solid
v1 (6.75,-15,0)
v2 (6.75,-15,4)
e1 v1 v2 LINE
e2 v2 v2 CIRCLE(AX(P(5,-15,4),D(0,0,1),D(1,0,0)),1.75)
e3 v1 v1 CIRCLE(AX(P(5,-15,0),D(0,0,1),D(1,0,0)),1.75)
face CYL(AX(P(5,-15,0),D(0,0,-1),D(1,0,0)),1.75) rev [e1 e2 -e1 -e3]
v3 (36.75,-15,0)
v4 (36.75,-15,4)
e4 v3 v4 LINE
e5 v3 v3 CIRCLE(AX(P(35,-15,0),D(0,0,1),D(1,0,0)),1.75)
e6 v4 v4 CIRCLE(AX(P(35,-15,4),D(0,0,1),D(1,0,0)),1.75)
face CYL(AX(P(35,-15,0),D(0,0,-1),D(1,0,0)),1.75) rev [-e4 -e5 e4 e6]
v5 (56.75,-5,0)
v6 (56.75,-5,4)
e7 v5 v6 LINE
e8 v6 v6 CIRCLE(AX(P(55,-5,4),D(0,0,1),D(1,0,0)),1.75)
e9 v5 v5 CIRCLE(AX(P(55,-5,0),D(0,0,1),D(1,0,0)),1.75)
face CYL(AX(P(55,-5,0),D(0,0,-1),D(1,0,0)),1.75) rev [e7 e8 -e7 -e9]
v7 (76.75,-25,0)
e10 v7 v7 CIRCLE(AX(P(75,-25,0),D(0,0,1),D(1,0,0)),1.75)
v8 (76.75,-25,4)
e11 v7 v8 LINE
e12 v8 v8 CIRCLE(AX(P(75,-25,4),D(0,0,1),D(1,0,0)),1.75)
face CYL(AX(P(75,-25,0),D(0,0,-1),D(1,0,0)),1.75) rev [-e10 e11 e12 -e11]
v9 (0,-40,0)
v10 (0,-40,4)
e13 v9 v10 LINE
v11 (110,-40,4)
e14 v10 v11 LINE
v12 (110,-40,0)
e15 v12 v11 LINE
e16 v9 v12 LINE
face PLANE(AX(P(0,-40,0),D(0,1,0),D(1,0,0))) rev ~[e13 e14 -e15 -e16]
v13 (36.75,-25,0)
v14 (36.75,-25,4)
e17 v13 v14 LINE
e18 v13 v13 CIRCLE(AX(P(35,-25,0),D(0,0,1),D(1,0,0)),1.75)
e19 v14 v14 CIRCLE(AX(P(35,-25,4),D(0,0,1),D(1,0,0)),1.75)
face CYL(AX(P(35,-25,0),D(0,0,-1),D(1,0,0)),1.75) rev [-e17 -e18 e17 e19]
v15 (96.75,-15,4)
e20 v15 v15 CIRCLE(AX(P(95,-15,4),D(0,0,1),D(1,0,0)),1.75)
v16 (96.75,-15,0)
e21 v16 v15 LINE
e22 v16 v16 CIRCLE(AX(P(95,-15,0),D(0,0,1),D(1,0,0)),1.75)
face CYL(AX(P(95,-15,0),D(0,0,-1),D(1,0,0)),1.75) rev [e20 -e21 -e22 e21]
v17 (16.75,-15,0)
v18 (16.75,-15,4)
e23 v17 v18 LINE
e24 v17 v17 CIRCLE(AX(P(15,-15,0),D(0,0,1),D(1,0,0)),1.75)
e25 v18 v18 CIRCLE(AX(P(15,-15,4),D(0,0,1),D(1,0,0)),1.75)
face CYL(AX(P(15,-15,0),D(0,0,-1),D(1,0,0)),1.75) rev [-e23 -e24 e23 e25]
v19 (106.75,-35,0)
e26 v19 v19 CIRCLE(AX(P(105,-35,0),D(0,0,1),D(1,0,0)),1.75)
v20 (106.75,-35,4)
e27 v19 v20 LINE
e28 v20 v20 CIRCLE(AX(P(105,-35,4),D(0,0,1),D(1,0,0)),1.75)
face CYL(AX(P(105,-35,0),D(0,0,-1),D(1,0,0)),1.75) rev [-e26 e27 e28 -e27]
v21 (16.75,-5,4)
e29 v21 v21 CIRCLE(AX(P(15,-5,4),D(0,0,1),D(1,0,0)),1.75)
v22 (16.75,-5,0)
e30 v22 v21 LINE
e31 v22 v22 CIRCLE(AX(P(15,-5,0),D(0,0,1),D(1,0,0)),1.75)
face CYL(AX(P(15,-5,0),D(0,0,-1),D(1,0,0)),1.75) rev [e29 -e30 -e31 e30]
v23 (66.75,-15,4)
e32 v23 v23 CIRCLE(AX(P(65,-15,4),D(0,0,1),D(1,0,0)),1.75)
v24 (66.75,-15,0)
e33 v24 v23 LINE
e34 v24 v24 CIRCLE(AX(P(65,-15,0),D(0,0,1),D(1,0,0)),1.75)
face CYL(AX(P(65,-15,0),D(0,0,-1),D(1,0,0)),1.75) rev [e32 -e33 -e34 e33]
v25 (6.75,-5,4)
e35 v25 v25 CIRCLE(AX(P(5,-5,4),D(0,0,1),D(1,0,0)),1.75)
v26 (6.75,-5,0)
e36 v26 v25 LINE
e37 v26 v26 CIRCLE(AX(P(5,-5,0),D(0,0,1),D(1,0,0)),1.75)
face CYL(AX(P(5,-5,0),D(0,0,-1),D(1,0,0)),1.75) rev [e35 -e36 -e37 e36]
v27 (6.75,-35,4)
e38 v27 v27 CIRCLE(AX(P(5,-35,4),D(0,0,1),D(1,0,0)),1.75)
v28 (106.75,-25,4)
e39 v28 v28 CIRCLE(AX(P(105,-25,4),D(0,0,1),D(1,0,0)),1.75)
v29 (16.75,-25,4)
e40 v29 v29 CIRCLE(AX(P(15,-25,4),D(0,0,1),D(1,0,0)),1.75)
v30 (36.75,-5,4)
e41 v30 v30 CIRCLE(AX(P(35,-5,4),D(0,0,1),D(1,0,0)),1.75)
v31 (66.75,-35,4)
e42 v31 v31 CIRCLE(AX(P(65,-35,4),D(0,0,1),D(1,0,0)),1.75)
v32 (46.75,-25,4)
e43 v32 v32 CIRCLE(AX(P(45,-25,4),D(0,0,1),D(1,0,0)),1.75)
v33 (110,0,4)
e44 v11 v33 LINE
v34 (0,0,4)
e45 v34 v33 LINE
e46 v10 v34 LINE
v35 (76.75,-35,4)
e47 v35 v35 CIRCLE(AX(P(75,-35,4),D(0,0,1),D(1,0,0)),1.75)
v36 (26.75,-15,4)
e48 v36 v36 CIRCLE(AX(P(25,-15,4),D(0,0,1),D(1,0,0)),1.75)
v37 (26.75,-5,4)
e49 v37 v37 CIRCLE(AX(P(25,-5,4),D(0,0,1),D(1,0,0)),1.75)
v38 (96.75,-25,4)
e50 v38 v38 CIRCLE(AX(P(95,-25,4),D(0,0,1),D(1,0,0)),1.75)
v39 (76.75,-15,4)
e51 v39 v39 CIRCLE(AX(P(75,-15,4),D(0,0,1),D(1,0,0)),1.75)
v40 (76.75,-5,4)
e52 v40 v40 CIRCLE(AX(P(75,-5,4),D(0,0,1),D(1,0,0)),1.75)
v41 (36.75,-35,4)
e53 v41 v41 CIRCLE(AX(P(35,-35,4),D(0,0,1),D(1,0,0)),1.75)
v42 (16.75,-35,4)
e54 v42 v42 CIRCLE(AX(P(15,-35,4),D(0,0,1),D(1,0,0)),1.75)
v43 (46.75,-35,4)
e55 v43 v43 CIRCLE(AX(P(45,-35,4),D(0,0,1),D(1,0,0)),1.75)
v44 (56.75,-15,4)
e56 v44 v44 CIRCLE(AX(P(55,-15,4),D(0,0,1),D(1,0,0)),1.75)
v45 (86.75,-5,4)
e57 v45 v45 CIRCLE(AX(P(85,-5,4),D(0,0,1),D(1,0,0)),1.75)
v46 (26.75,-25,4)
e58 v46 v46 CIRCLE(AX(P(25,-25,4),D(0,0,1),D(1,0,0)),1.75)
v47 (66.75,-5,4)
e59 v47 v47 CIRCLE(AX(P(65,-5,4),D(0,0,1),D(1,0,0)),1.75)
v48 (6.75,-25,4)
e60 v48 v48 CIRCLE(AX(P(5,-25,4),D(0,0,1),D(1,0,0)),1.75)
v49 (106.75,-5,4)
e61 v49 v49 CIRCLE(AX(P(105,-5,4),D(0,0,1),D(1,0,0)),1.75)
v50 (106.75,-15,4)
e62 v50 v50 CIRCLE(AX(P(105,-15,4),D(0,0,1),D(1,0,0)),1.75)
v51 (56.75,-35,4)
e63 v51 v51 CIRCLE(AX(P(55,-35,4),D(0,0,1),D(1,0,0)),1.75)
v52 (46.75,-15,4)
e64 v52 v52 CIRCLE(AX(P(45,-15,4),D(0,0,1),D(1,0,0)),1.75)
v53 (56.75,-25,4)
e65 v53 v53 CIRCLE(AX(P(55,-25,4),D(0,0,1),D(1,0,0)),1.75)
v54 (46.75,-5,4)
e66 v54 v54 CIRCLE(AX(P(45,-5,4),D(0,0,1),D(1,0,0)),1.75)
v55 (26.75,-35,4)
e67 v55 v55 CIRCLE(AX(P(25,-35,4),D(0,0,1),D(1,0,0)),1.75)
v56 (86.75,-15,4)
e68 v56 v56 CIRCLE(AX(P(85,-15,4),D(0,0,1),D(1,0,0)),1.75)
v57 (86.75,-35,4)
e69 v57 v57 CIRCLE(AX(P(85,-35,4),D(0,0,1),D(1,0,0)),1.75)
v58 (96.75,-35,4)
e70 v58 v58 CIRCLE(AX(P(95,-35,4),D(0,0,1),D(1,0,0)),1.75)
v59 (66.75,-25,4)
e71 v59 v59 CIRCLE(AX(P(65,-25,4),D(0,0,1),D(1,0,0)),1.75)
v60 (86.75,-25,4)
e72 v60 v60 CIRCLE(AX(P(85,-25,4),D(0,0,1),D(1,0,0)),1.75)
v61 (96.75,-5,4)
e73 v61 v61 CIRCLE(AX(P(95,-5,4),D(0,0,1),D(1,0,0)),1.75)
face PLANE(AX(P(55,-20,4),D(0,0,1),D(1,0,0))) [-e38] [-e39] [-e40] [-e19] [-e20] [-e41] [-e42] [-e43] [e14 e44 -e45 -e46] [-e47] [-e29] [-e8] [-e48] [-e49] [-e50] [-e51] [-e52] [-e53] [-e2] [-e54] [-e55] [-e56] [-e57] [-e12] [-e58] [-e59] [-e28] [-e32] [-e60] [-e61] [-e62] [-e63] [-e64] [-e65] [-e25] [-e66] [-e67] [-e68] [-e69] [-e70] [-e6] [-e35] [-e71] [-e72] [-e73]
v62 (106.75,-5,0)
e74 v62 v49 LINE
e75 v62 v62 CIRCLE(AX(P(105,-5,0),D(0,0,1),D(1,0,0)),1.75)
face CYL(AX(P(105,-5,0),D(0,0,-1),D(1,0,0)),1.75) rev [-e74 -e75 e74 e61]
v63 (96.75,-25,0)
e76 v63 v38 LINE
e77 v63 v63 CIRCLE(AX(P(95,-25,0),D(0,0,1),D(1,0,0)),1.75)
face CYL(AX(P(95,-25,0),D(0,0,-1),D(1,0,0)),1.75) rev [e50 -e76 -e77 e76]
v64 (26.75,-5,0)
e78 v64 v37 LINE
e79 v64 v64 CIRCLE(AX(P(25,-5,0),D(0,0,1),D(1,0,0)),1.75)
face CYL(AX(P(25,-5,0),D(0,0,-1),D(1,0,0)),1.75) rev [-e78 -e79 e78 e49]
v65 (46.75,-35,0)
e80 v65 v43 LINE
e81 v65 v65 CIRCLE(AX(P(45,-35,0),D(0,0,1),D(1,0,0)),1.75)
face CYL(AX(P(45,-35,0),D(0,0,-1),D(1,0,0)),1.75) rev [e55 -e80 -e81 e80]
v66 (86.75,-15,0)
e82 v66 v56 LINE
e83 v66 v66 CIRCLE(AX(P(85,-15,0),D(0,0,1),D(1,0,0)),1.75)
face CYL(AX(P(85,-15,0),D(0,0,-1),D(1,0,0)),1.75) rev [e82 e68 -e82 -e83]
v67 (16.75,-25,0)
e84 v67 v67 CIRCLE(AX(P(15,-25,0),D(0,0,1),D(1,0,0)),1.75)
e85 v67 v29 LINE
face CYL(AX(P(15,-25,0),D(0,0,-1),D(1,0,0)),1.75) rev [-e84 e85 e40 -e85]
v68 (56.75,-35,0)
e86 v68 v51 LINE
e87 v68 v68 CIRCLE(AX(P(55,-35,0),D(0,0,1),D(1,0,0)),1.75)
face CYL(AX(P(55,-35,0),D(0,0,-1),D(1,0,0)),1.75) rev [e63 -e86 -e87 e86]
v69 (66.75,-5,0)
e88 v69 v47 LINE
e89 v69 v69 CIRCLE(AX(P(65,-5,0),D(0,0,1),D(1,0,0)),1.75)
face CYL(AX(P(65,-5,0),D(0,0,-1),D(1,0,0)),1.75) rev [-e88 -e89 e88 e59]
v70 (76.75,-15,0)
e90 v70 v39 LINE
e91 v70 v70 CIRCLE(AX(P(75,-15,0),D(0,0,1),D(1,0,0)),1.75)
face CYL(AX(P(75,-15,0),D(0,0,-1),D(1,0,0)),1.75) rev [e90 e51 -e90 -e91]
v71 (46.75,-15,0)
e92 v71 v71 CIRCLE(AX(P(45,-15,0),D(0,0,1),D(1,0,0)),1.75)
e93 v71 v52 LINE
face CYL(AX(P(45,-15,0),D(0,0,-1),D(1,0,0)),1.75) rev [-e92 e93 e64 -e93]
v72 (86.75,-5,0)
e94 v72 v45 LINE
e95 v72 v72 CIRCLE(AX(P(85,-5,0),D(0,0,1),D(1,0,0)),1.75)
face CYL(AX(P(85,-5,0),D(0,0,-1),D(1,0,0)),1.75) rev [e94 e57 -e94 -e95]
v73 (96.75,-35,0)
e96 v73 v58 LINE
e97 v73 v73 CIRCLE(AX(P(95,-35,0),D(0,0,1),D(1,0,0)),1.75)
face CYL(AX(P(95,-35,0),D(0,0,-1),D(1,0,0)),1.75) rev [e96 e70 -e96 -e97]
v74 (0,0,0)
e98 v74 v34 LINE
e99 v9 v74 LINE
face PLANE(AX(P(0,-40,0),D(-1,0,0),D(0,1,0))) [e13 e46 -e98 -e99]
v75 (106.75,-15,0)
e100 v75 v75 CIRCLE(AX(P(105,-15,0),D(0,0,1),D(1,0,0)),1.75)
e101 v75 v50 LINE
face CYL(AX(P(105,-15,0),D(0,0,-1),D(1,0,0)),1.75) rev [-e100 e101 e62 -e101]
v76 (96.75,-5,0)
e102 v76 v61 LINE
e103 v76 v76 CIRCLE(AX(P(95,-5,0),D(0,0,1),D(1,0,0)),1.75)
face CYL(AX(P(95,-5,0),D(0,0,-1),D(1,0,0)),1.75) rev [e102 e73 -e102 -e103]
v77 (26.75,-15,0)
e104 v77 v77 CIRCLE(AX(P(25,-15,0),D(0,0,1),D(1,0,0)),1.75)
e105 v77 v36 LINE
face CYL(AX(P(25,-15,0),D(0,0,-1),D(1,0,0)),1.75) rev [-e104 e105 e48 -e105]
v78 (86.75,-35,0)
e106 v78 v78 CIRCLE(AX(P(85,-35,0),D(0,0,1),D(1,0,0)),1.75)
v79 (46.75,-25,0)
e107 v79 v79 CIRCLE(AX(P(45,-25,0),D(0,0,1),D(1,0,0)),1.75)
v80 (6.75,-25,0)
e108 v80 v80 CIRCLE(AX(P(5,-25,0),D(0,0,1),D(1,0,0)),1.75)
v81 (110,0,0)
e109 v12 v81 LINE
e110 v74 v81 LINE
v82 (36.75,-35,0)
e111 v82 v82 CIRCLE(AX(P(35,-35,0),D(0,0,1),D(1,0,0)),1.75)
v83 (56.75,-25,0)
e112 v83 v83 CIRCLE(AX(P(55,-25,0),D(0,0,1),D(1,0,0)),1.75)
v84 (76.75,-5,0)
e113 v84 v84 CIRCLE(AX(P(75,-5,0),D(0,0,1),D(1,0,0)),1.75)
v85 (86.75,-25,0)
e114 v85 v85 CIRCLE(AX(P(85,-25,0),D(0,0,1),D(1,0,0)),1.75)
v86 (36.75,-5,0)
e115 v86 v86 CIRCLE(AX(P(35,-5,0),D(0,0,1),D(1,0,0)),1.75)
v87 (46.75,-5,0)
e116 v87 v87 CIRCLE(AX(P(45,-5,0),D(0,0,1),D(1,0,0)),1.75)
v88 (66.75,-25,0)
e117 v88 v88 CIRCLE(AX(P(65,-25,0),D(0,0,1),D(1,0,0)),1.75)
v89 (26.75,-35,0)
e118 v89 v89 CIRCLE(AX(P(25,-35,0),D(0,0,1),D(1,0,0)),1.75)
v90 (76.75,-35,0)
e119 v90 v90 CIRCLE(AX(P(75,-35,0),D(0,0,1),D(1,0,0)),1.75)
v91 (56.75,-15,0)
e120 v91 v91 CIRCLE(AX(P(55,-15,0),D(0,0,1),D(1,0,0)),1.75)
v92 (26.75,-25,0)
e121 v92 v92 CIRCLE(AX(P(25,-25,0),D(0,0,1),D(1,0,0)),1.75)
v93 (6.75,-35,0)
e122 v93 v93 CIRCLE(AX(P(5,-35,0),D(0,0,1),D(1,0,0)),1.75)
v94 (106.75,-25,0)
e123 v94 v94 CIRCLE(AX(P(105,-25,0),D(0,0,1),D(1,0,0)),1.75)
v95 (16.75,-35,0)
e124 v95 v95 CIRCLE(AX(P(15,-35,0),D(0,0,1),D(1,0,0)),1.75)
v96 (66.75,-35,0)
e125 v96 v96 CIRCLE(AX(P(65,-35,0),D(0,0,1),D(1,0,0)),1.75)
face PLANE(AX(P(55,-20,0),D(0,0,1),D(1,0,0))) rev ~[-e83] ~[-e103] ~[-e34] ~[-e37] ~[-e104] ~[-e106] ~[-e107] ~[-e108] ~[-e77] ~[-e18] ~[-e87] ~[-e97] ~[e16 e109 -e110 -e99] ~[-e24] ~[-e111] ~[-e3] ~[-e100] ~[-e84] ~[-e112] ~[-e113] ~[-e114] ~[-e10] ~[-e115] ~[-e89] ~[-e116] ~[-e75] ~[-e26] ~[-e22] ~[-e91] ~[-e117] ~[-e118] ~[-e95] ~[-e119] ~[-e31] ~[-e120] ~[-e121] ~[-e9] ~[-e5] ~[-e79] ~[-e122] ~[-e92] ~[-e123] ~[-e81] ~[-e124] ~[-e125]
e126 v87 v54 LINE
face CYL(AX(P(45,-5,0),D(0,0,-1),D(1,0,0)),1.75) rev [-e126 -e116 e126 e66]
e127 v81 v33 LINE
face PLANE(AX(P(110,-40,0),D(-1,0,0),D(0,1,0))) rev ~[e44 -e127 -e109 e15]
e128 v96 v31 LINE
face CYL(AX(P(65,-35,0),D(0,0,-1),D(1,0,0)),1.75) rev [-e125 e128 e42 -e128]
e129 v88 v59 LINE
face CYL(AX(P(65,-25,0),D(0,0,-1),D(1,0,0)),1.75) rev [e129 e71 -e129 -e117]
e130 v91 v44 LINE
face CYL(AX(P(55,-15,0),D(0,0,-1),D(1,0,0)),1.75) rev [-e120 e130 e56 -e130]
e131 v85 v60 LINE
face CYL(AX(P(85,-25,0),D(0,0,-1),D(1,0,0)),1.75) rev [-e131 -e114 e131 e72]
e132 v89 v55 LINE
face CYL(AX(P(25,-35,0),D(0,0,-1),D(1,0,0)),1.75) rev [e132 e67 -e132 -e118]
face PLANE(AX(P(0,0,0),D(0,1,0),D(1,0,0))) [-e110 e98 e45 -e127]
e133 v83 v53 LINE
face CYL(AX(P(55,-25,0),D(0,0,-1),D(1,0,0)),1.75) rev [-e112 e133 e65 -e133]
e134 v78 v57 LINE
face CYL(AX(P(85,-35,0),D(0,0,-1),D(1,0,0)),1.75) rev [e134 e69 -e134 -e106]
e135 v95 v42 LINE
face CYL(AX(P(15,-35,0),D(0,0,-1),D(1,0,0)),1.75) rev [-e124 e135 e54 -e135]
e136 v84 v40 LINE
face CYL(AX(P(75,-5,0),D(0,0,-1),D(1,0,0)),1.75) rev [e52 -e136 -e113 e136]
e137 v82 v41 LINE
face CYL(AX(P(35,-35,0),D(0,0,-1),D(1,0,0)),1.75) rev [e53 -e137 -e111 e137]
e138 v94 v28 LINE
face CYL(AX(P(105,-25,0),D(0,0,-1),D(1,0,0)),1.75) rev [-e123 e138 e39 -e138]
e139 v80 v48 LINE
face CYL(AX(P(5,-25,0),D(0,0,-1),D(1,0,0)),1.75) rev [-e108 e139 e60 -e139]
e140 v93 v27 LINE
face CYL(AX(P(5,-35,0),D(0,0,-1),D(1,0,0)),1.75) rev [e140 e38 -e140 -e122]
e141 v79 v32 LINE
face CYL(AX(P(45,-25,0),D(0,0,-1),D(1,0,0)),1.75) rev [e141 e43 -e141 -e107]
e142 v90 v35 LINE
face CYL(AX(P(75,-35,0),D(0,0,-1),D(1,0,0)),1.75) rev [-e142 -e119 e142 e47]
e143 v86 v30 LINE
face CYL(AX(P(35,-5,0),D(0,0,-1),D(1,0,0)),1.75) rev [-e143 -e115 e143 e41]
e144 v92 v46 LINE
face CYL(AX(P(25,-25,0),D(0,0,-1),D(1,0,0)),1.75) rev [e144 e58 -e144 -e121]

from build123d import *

# Parameters (mm, degrees)
ESQUISSE1_W        = 110
ESQUISSE1_H        = 40
ESQUISSE1_R        = 1.75
BOSS_EXTRU_1_DEPTH = 4


with BuildPart() as part:
    # Esquisse1 → Boss.-Extru.1 (new body)
    with BuildSketch(Plane.XY):
        with Locations((55, -20)):
            Rectangle(ESQUISSE1_W, ESQUISSE1_H)
        with Locations((5, -5)):
            Circle(ESQUISSE1_R, mode=Mode.SUBTRACT)
        with Locations((15, -5)):
            Circle(ESQUISSE1_R, mode=Mode.SUBTRACT)
        with Locations((25, -5)):
            Circle(ESQUISSE1_R, mode=Mode.SUBTRACT)
        with Locations((35, -5)):
            Circle(ESQUISSE1_R, mode=Mode.SUBTRACT)
        with Locations((45, -5)):
            Circle(ESQUISSE1_R, mode=Mode.SUBTRACT)
        with Locations((55, -5)):
            Circle(ESQUISSE1_R, mode=Mode.SUBTRACT)
        with Locations((65, -5)):
            Circle(ESQUISSE1_R, mode=Mode.SUBTRACT)
        with Locations((75, -5)):
            Circle(ESQUISSE1_R, mode=Mode.SUBTRACT)
        with Locations((85, -5)):
            Circle(ESQUISSE1_R, mode=Mode.SUBTRACT)
        with Locations((95, -5)):
            Circle(ESQUISSE1_R, mode=Mode.SUBTRACT)
        with Locations((105, -5)):
            Circle(ESQUISSE1_R, mode=Mode.SUBTRACT)
        with Locations((15, -15)):
            Circle(ESQUISSE1_R, mode=Mode.SUBTRACT)
        with Locations((25, -15)):
            Circle(ESQUISSE1_R, mode=Mode.SUBTRACT)
        with Locations((35, -15)):
            Circle(ESQUISSE1_R, mode=Mode.SUBTRACT)
        with Locations((45, -15)):
            Circle(ESQUISSE1_R, mode=Mode.SUBTRACT)
        with Locations((55, -15)):
            Circle(ESQUISSE1_R, mode=Mode.SUBTRACT)
        with Locations((65, -15)):
            Circle(ESQUISSE1_R, mode=Mode.SUBTRACT)
        with Locations((75, -15)):
            Circle(ESQUISSE1_R, mode=Mode.SUBTRACT)
        with Locations((85, -15)):
            Circle(ESQUISSE1_R, mode=Mode.SUBTRACT)
        with Locations((95, -15)):
            Circle(ESQUISSE1_R, mode=Mode.SUBTRACT)
        with Locations((105, -15)):
            Circle(ESQUISSE1_R, mode=Mode.SUBTRACT)
        with Locations((15, -25)):
            Circle(ESQUISSE1_R, mode=Mode.SUBTRACT)
        with Locations((25, -25)):
            Circle(ESQUISSE1_R, mode=Mode.SUBTRACT)
        with Locations((35, -25)):
            Circle(ESQUISSE1_R, mode=Mode.SUBTRACT)
        with Locations((45, -25)):
            Circle(ESQUISSE1_R, mode=Mode.SUBTRACT)
        with Locations((55, -25)):
            Circle(ESQUISSE1_R, mode=Mode.SUBTRACT)
        with Locations((65, -25)):
            Circle(ESQUISSE1_R, mode=Mode.SUBTRACT)
        with Locations((75, -25)):
            Circle(ESQUISSE1_R, mode=Mode.SUBTRACT)
        with Locations((85, -25)):
            Circle(ESQUISSE1_R, mode=Mode.SUBTRACT)
        with Locations((95, -25)):
            Circle(ESQUISSE1_R, mode=Mode.SUBTRACT)
        with Locations((105, -25)):
            Circle(ESQUISSE1_R, mode=Mode.SUBTRACT)
        with Locations((15, -35)):
            Circle(ESQUISSE1_R, mode=Mode.SUBTRACT)
        with Locations((25, -35)):
            Circle(ESQUISSE1_R, mode=Mode.SUBTRACT)
        with Locations((35, -35)):
            Circle(ESQUISSE1_R, mode=Mode.SUBTRACT)
        with Locations((45, -35)):
            Circle(ESQUISSE1_R, mode=Mode.SUBTRACT)
        with Locations((55, -35)):
            Circle(ESQUISSE1_R, mode=Mode.SUBTRACT)
        with Locations((65, -35)):
            Circle(ESQUISSE1_R, mode=Mode.SUBTRACT)
        with Locations((75, -35)):
            Circle(ESQUISSE1_R, mode=Mode.SUBTRACT)
        with Locations((85, -35)):
            Circle(ESQUISSE1_R, mode=Mode.SUBTRACT)
        with Locations((95, -35)):
            Circle(ESQUISSE1_R, mode=Mode.SUBTRACT)
        with Locations((105, -35)):
            Circle(ESQUISSE1_R, mode=Mode.SUBTRACT)
        with Locations((5, -15)):
            Circle(ESQUISSE1_R, mode=Mode.SUBTRACT)
        with Locations((5, -25)):
            Circle(ESQUISSE1_R, mode=Mode.SUBTRACT)
        with Locations((5, -35)):
            Circle(ESQUISSE1_R, mode=Mode.SUBTRACT)
    extrude(amount=BOSS_EXTRU_1_DEPTH)


solid = part.part
